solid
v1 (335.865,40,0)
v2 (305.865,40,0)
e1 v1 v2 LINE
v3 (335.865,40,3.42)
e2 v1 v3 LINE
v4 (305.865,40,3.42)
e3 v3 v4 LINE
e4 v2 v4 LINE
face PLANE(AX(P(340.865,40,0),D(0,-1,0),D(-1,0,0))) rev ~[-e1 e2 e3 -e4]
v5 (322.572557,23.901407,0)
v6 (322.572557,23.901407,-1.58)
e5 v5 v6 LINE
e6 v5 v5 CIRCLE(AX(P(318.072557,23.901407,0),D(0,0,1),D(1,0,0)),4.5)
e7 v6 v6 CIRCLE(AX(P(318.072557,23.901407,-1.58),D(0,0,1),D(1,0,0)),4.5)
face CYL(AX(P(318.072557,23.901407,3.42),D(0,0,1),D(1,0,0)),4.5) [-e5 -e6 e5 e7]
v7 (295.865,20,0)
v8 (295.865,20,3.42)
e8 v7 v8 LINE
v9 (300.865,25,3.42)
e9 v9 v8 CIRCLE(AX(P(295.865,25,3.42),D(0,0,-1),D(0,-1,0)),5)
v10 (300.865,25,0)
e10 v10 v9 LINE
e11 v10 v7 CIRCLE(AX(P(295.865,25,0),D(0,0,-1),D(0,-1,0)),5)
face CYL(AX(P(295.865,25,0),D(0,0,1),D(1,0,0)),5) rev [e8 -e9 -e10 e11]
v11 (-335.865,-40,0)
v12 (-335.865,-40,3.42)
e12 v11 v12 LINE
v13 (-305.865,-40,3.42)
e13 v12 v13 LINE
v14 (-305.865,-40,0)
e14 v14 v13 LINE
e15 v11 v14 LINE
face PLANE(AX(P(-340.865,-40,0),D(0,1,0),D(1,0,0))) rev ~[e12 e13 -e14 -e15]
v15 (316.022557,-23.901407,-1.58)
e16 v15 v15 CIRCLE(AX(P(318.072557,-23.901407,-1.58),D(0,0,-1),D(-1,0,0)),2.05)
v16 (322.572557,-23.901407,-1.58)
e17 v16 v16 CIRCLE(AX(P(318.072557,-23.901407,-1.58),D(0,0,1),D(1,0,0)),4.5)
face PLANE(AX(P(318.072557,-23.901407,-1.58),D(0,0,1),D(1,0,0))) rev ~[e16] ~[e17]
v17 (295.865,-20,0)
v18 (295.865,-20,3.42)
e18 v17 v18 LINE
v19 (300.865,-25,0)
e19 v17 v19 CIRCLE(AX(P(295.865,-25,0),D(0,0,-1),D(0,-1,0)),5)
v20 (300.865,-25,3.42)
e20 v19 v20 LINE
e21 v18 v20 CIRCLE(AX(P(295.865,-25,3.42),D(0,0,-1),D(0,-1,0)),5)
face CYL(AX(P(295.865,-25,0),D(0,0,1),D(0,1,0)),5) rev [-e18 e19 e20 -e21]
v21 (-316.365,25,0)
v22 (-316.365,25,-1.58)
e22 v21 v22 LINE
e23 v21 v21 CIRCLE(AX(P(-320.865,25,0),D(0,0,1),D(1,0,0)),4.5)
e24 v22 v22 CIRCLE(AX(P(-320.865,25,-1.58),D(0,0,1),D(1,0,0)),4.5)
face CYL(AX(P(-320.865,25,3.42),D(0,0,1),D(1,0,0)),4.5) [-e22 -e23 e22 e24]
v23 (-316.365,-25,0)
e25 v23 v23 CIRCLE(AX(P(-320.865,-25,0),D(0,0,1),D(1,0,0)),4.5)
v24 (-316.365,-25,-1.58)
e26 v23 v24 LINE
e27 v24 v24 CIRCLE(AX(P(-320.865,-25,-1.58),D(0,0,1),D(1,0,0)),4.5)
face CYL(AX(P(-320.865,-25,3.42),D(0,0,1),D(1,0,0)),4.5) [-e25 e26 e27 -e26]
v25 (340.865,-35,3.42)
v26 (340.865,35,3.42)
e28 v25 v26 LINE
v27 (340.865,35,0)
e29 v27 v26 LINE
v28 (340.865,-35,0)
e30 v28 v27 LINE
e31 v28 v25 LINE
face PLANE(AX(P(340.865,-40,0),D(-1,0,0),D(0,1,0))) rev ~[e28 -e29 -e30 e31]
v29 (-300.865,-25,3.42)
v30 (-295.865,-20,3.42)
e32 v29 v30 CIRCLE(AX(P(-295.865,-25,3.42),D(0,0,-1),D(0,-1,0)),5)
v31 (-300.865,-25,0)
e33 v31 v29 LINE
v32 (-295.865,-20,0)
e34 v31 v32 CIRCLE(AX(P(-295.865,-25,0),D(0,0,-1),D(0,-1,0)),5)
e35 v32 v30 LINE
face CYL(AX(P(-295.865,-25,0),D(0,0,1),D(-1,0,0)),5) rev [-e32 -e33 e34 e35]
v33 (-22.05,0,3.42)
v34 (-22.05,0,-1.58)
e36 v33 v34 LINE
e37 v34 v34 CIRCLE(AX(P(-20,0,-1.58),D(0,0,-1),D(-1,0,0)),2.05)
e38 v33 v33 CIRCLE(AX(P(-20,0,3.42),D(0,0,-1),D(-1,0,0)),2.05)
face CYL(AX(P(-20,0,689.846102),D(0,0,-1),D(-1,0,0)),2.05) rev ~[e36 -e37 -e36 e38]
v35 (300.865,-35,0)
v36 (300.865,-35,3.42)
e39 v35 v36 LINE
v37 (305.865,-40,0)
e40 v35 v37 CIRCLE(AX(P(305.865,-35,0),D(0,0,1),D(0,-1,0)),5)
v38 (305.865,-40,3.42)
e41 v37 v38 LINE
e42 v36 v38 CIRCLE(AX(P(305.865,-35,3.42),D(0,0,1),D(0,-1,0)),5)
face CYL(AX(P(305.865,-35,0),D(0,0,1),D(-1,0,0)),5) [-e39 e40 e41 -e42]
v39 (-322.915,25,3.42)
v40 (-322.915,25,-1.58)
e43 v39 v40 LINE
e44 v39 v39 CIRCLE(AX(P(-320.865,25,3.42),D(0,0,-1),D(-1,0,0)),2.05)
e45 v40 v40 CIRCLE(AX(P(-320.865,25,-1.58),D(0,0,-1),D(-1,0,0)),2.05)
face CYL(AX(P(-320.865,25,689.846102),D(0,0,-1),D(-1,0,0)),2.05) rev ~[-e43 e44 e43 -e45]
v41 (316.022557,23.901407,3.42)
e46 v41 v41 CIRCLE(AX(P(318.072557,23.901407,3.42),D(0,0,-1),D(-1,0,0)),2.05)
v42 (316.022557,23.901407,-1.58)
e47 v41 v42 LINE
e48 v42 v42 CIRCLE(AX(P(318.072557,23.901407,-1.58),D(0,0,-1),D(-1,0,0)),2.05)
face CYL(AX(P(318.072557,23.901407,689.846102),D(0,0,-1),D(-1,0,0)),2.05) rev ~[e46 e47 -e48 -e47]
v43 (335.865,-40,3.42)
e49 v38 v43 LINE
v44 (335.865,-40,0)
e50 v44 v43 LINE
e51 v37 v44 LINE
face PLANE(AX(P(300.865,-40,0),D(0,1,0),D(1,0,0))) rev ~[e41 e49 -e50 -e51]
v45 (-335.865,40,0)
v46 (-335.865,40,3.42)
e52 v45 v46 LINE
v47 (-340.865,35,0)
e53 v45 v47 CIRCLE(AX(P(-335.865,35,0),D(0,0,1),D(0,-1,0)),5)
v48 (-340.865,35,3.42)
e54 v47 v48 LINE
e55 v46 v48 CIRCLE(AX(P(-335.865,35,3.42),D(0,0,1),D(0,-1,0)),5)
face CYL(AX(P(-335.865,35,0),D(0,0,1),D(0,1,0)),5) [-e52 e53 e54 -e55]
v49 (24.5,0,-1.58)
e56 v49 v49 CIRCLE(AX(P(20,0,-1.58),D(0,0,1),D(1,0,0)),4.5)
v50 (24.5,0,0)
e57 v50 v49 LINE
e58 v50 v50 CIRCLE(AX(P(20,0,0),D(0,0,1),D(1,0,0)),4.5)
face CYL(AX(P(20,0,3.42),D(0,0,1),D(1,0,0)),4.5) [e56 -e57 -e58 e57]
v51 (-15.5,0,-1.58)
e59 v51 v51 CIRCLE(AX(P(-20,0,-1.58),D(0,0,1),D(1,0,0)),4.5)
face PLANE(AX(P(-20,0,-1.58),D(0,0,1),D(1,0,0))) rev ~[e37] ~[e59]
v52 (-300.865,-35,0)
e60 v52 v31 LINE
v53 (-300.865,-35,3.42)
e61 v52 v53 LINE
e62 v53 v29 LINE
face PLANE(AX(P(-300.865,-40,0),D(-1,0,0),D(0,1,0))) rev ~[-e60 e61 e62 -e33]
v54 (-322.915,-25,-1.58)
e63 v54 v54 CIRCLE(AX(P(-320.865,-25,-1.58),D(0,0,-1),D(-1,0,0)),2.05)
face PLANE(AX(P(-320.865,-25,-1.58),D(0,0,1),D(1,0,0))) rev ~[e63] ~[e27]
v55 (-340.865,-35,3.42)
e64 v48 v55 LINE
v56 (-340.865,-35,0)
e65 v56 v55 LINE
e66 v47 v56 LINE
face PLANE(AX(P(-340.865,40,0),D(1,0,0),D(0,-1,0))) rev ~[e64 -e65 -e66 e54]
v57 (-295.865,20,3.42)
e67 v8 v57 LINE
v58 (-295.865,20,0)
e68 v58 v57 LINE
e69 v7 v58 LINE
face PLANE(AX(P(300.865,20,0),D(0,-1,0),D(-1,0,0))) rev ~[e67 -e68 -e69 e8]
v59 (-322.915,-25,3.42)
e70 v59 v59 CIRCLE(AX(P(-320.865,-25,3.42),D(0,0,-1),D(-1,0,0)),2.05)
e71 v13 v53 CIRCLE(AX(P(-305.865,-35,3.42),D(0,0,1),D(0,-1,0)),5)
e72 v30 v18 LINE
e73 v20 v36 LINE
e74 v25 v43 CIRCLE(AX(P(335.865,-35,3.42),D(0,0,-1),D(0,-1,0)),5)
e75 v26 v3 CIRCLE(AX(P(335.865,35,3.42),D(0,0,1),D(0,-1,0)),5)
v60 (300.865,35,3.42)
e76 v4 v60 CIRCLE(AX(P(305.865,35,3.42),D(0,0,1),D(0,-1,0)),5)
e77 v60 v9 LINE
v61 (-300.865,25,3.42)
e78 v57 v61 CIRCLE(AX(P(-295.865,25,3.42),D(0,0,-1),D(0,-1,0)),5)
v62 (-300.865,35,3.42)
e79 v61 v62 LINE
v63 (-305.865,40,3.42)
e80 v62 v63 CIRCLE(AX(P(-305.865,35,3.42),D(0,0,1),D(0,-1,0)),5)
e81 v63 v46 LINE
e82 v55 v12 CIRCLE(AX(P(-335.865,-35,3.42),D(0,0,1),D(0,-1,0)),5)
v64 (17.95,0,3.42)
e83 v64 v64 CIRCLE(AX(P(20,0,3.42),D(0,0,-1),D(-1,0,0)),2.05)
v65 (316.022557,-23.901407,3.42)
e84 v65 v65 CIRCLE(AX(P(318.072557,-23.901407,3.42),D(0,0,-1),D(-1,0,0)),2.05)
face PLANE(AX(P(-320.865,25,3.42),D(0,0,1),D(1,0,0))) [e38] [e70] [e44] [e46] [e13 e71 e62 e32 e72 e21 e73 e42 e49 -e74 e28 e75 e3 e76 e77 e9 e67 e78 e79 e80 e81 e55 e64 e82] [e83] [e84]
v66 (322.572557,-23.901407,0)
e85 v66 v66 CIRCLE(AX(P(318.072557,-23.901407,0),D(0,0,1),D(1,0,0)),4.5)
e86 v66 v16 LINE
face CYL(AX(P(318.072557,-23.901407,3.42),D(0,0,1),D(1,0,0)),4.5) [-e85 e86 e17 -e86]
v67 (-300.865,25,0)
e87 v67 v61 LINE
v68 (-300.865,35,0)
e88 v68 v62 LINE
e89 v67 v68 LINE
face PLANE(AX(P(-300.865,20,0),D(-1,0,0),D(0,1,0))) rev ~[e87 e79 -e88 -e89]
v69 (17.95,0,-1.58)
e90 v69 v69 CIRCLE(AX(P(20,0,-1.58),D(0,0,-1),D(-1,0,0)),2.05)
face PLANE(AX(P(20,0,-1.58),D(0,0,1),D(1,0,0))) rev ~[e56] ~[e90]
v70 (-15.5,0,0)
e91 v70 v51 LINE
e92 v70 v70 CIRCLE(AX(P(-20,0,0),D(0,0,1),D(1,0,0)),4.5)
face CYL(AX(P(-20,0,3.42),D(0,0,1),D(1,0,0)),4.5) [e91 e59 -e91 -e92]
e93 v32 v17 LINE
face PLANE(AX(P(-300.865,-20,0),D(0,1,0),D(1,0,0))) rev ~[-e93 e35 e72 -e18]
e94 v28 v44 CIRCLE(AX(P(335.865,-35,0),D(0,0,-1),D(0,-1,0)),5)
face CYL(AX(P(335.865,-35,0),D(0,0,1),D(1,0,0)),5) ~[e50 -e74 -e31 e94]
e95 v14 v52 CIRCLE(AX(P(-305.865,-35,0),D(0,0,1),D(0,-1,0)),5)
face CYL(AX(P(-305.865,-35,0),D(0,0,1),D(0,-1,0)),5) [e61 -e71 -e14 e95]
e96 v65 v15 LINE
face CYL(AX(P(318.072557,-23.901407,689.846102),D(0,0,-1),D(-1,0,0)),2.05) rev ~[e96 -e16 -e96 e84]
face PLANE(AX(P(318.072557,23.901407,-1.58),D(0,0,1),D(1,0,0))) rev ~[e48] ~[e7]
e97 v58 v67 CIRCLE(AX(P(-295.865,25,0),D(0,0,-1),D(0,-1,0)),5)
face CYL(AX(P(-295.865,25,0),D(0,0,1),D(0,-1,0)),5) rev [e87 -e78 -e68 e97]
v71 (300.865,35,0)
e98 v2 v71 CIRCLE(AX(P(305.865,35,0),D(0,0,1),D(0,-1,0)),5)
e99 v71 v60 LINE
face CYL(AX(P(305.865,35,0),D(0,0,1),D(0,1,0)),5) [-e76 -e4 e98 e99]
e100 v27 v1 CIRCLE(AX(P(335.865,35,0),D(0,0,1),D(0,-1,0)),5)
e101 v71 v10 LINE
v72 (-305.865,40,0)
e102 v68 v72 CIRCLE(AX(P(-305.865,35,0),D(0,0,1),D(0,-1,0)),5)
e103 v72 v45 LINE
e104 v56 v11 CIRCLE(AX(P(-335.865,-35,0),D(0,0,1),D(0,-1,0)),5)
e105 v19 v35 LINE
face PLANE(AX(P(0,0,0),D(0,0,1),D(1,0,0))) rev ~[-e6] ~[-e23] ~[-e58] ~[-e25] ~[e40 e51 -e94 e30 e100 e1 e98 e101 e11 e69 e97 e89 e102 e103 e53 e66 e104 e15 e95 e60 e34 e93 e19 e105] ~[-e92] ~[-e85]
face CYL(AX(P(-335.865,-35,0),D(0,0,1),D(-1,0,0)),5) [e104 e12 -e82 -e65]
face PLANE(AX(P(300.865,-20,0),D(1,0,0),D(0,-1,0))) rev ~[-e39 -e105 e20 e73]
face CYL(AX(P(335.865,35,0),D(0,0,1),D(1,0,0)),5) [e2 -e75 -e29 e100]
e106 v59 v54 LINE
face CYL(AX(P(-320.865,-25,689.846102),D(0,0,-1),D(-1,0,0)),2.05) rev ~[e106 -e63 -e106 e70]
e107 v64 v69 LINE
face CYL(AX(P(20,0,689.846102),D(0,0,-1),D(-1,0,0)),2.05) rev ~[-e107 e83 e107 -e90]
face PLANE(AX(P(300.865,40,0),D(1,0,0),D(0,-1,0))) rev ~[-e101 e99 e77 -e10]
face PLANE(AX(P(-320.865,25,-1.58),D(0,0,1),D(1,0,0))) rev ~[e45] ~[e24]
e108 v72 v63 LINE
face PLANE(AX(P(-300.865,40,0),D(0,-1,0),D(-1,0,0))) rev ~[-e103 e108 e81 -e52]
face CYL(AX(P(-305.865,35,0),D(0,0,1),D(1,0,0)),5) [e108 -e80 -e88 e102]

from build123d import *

# Parameters (mm, degrees)
F1_DEPTH = 3.42
F2_R     = 5
F3_R     = 4.5
F4_DEPTH = 5
F5_D     = 4.1


with BuildPart() as f1:
    # F0 (on Top) → F1 (new body)
    with BuildSketch(Plane.XY):
        Polygon((340.865, -40), (340.865, 40), (300.865, 40), (300.865, 20), (-300.865, 20), (-300.865, 40), (-340.865, 40), (-340.865, -40), (-300.865, -40), (-300.865, -20), (300.865, -20), (300.865, -40), align=None)
    extrude(amount=F1_DEPTH)

    # F2
    f2_edges = [f1.edges().sort_by_distance(p)[0] for p in [
        (-340.865, 40, 1.71),
        (-340.865, -40, 1.71),
        (-300.865, 40, 1.71),
        (-300.865, 20, 1.71),
        (-300.865, -20, 1.71),
        (-300.865, -40, 1.71),
        (300.865, 20, 1.71),
        (300.865, 40, 1.71),
        (340.865, 40, 1.71),
        (300.865, -40, 1.71),
        (300.865, -20, 1.71),
        (340.865, -40, 1.71),
    ]]
    fillet(f2_edges, radius=F2_R)

    # F3 (on face) → F4 (join)
    with BuildSketch(Plane.XY.offset(3.42)):
        with Locations((-320.865, 25)):
            Circle(F3_R)
        with Locations((-320.865, -25)):
            Circle(F3_R)
        with Locations((-20, 0)):
            Circle(F3_R)
        with Locations((20, 0)):
            Circle(F3_R)
        with Locations((318.0725574493, 23.9014066756)):
            Circle(F3_R)
        with Locations((318.0725574493, -23.9014066756)):
            Circle(F3_R)
    extrude(amount=-F4_DEPTH)

    # F5 (through all)
    with Locations(Plane.XY.offset(3.42)):
        with Locations((-320.865, -25), (-20, 0), (20, 0), (318.0725574493, 23.9014066756), (318.0725574493, -23.9014066756), (-320.865, 25)):
            Hole(F5_D / 2)


solid = f1.part
